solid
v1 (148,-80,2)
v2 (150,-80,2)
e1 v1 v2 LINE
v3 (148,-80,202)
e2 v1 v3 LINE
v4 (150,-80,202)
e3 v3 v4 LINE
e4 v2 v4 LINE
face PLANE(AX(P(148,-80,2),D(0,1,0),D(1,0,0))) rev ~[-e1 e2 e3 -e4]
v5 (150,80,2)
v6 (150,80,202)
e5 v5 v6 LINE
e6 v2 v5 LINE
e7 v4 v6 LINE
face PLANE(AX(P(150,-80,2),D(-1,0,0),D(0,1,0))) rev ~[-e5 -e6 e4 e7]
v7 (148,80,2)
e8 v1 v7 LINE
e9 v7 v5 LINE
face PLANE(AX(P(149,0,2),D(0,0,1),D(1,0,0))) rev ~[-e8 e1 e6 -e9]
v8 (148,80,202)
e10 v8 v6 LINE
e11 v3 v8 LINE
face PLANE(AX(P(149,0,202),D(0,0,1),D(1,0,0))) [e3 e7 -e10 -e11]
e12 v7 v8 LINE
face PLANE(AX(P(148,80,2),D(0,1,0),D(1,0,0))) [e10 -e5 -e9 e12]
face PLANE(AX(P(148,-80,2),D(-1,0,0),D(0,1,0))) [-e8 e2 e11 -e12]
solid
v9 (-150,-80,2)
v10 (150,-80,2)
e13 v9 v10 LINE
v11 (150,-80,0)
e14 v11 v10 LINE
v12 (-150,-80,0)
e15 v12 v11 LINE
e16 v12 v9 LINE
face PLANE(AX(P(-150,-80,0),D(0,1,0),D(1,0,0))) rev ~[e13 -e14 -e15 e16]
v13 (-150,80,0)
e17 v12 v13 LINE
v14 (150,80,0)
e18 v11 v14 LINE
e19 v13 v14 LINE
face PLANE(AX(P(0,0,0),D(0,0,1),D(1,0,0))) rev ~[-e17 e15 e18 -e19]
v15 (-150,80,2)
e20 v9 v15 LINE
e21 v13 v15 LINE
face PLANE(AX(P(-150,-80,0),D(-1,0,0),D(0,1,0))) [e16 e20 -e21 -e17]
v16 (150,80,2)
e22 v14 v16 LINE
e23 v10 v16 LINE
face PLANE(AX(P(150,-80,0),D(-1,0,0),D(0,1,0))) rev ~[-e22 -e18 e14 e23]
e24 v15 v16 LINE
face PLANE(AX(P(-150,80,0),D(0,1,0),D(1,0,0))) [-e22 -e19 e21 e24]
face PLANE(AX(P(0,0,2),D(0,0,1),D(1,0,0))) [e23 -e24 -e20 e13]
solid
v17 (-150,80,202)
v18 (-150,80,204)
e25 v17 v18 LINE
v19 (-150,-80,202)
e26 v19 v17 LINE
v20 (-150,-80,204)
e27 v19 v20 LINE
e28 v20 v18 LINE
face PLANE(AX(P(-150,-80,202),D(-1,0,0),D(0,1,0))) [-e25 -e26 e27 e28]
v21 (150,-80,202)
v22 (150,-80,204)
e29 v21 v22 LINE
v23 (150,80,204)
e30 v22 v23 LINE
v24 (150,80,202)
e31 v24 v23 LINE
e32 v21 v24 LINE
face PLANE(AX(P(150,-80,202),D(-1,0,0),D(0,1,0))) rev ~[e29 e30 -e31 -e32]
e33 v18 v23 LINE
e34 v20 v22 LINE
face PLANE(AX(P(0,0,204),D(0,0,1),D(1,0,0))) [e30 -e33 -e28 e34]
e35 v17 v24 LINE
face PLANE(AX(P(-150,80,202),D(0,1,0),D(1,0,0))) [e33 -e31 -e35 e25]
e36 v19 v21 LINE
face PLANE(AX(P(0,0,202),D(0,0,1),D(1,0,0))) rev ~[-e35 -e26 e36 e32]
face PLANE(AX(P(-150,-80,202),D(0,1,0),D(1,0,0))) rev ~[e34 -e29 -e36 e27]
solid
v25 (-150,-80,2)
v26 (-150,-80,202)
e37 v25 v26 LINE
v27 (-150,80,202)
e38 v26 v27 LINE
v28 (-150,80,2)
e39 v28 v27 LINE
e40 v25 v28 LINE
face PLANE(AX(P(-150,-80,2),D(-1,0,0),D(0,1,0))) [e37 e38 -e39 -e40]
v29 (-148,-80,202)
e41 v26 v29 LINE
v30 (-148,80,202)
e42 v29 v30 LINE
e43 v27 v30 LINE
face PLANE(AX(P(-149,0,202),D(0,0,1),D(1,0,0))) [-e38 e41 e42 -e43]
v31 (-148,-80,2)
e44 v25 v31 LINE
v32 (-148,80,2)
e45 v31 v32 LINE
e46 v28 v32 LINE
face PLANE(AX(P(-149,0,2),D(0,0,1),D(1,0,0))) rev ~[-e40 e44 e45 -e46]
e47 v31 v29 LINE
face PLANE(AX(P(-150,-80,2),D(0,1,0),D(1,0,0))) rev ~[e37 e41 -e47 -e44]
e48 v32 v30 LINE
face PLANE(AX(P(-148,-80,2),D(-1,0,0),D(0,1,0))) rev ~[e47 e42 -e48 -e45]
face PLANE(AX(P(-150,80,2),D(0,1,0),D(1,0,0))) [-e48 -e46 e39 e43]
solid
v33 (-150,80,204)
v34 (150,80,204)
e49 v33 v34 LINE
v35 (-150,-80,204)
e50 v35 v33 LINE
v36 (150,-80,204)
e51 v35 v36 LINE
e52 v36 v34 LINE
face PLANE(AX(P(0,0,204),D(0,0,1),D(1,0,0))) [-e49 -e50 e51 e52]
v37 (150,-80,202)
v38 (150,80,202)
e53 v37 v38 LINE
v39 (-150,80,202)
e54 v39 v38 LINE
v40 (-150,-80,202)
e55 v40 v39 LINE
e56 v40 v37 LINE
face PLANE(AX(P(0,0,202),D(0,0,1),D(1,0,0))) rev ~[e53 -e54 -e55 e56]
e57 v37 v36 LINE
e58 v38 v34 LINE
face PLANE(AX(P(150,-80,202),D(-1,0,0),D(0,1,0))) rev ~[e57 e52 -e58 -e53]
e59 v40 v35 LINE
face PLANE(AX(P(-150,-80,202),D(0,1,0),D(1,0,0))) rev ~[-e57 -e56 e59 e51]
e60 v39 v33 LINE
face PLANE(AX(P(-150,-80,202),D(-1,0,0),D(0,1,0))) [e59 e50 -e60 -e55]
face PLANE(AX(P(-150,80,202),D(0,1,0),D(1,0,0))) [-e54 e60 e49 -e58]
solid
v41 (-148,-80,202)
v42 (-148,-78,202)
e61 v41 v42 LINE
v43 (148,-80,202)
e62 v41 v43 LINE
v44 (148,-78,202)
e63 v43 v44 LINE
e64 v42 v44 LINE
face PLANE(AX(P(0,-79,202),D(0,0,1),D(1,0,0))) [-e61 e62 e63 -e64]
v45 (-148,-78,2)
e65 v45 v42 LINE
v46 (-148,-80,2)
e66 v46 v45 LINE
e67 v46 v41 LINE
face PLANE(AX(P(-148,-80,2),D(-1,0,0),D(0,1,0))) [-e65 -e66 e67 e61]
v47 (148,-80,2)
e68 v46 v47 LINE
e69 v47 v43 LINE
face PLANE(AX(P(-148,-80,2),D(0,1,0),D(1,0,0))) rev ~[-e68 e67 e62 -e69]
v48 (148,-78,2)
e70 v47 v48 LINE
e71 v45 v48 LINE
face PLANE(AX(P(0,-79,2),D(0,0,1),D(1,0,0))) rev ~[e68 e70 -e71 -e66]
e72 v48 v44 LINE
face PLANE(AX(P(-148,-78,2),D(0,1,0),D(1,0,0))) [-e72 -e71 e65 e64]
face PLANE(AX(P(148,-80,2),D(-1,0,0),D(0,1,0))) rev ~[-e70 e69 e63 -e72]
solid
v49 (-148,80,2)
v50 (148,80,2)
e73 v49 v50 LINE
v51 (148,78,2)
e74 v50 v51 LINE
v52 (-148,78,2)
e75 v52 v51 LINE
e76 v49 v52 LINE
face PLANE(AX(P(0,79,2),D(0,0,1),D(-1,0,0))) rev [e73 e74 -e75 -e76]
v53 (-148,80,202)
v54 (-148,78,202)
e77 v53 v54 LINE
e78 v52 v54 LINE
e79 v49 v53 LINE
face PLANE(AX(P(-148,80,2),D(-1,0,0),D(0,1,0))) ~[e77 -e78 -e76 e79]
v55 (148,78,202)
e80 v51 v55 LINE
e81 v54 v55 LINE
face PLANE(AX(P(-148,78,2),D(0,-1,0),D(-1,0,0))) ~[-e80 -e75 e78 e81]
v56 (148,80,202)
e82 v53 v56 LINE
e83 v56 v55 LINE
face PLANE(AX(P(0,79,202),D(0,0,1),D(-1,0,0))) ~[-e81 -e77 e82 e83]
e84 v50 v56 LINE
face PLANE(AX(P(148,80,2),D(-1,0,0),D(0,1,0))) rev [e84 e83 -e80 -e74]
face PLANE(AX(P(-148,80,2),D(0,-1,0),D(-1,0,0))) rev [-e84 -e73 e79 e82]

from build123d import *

# Parameters (mm, degrees)
F0_W      = 300
F0_H      = 160
F1_DEPTH  = 2
F2_W      = 2
F2_H      = 160
F3_DEPTH  = 200
F4_W      = 2
F4_H      = 160
F5_DEPTH  = 200
F6_W      = 300
F6_H      = 160
F7_DEPTH  = 2
F8_W      = 296
F8_H      = 2
F9_DEPTH  = 200
F11_W     = 300
F11_H     = 160
F12_DEPTH = 2


with BuildPart() as f1:
    # F0 (on Top) → F1 (new body)
    with BuildSketch(Plane.XY):
        Rectangle(F0_W, F0_H)
    extrude(amount=F1_DEPTH)


with BuildPart() as f3:
    # F2 (on face) → F3 (new body)
    with BuildSketch(Plane.XY.offset(2)):
        with Locations((-149, 0)):
            Rectangle(F2_W, F2_H)
    extrude(amount=F3_DEPTH)


with BuildPart() as f5:
    # F4 (on face) → F5 (new body)
    with BuildSketch(Plane.XY.offset(2)):
        with Locations((149, 0)):
            Rectangle(F4_W, F4_H)
    extrude(amount=F5_DEPTH)


with BuildPart() as f7:
    # F6 (on face) → F7 (new body)
    with BuildSketch(Plane.XY.offset(202)):
        Rectangle(F6_W, F6_H)
    extrude(amount=F7_DEPTH)


with BuildPart() as f9:
    # F8 (on face) → F9 (new body)
    with BuildSketch(Plane.XY.offset(2)):
        with Locations((0, -79)):
            Rectangle(F8_W, F8_H)
    extrude(amount=F9_DEPTH)


with BuildPart() as f10_1:
    # F10: instance of F9
    add(f9.part.mirror(Plane.XZ))


with BuildPart() as f12:
    # F11 (on face) → F12 (new body)
    with BuildSketch(Plane.XY.offset(202)):
        Rectangle(F11_W, F11_H)
    extrude(amount=F12_DEPTH)


solid = Compound([f1.part, f3.part, f5.part, f7.part, f9.part, f10_1.part, f12.part])
